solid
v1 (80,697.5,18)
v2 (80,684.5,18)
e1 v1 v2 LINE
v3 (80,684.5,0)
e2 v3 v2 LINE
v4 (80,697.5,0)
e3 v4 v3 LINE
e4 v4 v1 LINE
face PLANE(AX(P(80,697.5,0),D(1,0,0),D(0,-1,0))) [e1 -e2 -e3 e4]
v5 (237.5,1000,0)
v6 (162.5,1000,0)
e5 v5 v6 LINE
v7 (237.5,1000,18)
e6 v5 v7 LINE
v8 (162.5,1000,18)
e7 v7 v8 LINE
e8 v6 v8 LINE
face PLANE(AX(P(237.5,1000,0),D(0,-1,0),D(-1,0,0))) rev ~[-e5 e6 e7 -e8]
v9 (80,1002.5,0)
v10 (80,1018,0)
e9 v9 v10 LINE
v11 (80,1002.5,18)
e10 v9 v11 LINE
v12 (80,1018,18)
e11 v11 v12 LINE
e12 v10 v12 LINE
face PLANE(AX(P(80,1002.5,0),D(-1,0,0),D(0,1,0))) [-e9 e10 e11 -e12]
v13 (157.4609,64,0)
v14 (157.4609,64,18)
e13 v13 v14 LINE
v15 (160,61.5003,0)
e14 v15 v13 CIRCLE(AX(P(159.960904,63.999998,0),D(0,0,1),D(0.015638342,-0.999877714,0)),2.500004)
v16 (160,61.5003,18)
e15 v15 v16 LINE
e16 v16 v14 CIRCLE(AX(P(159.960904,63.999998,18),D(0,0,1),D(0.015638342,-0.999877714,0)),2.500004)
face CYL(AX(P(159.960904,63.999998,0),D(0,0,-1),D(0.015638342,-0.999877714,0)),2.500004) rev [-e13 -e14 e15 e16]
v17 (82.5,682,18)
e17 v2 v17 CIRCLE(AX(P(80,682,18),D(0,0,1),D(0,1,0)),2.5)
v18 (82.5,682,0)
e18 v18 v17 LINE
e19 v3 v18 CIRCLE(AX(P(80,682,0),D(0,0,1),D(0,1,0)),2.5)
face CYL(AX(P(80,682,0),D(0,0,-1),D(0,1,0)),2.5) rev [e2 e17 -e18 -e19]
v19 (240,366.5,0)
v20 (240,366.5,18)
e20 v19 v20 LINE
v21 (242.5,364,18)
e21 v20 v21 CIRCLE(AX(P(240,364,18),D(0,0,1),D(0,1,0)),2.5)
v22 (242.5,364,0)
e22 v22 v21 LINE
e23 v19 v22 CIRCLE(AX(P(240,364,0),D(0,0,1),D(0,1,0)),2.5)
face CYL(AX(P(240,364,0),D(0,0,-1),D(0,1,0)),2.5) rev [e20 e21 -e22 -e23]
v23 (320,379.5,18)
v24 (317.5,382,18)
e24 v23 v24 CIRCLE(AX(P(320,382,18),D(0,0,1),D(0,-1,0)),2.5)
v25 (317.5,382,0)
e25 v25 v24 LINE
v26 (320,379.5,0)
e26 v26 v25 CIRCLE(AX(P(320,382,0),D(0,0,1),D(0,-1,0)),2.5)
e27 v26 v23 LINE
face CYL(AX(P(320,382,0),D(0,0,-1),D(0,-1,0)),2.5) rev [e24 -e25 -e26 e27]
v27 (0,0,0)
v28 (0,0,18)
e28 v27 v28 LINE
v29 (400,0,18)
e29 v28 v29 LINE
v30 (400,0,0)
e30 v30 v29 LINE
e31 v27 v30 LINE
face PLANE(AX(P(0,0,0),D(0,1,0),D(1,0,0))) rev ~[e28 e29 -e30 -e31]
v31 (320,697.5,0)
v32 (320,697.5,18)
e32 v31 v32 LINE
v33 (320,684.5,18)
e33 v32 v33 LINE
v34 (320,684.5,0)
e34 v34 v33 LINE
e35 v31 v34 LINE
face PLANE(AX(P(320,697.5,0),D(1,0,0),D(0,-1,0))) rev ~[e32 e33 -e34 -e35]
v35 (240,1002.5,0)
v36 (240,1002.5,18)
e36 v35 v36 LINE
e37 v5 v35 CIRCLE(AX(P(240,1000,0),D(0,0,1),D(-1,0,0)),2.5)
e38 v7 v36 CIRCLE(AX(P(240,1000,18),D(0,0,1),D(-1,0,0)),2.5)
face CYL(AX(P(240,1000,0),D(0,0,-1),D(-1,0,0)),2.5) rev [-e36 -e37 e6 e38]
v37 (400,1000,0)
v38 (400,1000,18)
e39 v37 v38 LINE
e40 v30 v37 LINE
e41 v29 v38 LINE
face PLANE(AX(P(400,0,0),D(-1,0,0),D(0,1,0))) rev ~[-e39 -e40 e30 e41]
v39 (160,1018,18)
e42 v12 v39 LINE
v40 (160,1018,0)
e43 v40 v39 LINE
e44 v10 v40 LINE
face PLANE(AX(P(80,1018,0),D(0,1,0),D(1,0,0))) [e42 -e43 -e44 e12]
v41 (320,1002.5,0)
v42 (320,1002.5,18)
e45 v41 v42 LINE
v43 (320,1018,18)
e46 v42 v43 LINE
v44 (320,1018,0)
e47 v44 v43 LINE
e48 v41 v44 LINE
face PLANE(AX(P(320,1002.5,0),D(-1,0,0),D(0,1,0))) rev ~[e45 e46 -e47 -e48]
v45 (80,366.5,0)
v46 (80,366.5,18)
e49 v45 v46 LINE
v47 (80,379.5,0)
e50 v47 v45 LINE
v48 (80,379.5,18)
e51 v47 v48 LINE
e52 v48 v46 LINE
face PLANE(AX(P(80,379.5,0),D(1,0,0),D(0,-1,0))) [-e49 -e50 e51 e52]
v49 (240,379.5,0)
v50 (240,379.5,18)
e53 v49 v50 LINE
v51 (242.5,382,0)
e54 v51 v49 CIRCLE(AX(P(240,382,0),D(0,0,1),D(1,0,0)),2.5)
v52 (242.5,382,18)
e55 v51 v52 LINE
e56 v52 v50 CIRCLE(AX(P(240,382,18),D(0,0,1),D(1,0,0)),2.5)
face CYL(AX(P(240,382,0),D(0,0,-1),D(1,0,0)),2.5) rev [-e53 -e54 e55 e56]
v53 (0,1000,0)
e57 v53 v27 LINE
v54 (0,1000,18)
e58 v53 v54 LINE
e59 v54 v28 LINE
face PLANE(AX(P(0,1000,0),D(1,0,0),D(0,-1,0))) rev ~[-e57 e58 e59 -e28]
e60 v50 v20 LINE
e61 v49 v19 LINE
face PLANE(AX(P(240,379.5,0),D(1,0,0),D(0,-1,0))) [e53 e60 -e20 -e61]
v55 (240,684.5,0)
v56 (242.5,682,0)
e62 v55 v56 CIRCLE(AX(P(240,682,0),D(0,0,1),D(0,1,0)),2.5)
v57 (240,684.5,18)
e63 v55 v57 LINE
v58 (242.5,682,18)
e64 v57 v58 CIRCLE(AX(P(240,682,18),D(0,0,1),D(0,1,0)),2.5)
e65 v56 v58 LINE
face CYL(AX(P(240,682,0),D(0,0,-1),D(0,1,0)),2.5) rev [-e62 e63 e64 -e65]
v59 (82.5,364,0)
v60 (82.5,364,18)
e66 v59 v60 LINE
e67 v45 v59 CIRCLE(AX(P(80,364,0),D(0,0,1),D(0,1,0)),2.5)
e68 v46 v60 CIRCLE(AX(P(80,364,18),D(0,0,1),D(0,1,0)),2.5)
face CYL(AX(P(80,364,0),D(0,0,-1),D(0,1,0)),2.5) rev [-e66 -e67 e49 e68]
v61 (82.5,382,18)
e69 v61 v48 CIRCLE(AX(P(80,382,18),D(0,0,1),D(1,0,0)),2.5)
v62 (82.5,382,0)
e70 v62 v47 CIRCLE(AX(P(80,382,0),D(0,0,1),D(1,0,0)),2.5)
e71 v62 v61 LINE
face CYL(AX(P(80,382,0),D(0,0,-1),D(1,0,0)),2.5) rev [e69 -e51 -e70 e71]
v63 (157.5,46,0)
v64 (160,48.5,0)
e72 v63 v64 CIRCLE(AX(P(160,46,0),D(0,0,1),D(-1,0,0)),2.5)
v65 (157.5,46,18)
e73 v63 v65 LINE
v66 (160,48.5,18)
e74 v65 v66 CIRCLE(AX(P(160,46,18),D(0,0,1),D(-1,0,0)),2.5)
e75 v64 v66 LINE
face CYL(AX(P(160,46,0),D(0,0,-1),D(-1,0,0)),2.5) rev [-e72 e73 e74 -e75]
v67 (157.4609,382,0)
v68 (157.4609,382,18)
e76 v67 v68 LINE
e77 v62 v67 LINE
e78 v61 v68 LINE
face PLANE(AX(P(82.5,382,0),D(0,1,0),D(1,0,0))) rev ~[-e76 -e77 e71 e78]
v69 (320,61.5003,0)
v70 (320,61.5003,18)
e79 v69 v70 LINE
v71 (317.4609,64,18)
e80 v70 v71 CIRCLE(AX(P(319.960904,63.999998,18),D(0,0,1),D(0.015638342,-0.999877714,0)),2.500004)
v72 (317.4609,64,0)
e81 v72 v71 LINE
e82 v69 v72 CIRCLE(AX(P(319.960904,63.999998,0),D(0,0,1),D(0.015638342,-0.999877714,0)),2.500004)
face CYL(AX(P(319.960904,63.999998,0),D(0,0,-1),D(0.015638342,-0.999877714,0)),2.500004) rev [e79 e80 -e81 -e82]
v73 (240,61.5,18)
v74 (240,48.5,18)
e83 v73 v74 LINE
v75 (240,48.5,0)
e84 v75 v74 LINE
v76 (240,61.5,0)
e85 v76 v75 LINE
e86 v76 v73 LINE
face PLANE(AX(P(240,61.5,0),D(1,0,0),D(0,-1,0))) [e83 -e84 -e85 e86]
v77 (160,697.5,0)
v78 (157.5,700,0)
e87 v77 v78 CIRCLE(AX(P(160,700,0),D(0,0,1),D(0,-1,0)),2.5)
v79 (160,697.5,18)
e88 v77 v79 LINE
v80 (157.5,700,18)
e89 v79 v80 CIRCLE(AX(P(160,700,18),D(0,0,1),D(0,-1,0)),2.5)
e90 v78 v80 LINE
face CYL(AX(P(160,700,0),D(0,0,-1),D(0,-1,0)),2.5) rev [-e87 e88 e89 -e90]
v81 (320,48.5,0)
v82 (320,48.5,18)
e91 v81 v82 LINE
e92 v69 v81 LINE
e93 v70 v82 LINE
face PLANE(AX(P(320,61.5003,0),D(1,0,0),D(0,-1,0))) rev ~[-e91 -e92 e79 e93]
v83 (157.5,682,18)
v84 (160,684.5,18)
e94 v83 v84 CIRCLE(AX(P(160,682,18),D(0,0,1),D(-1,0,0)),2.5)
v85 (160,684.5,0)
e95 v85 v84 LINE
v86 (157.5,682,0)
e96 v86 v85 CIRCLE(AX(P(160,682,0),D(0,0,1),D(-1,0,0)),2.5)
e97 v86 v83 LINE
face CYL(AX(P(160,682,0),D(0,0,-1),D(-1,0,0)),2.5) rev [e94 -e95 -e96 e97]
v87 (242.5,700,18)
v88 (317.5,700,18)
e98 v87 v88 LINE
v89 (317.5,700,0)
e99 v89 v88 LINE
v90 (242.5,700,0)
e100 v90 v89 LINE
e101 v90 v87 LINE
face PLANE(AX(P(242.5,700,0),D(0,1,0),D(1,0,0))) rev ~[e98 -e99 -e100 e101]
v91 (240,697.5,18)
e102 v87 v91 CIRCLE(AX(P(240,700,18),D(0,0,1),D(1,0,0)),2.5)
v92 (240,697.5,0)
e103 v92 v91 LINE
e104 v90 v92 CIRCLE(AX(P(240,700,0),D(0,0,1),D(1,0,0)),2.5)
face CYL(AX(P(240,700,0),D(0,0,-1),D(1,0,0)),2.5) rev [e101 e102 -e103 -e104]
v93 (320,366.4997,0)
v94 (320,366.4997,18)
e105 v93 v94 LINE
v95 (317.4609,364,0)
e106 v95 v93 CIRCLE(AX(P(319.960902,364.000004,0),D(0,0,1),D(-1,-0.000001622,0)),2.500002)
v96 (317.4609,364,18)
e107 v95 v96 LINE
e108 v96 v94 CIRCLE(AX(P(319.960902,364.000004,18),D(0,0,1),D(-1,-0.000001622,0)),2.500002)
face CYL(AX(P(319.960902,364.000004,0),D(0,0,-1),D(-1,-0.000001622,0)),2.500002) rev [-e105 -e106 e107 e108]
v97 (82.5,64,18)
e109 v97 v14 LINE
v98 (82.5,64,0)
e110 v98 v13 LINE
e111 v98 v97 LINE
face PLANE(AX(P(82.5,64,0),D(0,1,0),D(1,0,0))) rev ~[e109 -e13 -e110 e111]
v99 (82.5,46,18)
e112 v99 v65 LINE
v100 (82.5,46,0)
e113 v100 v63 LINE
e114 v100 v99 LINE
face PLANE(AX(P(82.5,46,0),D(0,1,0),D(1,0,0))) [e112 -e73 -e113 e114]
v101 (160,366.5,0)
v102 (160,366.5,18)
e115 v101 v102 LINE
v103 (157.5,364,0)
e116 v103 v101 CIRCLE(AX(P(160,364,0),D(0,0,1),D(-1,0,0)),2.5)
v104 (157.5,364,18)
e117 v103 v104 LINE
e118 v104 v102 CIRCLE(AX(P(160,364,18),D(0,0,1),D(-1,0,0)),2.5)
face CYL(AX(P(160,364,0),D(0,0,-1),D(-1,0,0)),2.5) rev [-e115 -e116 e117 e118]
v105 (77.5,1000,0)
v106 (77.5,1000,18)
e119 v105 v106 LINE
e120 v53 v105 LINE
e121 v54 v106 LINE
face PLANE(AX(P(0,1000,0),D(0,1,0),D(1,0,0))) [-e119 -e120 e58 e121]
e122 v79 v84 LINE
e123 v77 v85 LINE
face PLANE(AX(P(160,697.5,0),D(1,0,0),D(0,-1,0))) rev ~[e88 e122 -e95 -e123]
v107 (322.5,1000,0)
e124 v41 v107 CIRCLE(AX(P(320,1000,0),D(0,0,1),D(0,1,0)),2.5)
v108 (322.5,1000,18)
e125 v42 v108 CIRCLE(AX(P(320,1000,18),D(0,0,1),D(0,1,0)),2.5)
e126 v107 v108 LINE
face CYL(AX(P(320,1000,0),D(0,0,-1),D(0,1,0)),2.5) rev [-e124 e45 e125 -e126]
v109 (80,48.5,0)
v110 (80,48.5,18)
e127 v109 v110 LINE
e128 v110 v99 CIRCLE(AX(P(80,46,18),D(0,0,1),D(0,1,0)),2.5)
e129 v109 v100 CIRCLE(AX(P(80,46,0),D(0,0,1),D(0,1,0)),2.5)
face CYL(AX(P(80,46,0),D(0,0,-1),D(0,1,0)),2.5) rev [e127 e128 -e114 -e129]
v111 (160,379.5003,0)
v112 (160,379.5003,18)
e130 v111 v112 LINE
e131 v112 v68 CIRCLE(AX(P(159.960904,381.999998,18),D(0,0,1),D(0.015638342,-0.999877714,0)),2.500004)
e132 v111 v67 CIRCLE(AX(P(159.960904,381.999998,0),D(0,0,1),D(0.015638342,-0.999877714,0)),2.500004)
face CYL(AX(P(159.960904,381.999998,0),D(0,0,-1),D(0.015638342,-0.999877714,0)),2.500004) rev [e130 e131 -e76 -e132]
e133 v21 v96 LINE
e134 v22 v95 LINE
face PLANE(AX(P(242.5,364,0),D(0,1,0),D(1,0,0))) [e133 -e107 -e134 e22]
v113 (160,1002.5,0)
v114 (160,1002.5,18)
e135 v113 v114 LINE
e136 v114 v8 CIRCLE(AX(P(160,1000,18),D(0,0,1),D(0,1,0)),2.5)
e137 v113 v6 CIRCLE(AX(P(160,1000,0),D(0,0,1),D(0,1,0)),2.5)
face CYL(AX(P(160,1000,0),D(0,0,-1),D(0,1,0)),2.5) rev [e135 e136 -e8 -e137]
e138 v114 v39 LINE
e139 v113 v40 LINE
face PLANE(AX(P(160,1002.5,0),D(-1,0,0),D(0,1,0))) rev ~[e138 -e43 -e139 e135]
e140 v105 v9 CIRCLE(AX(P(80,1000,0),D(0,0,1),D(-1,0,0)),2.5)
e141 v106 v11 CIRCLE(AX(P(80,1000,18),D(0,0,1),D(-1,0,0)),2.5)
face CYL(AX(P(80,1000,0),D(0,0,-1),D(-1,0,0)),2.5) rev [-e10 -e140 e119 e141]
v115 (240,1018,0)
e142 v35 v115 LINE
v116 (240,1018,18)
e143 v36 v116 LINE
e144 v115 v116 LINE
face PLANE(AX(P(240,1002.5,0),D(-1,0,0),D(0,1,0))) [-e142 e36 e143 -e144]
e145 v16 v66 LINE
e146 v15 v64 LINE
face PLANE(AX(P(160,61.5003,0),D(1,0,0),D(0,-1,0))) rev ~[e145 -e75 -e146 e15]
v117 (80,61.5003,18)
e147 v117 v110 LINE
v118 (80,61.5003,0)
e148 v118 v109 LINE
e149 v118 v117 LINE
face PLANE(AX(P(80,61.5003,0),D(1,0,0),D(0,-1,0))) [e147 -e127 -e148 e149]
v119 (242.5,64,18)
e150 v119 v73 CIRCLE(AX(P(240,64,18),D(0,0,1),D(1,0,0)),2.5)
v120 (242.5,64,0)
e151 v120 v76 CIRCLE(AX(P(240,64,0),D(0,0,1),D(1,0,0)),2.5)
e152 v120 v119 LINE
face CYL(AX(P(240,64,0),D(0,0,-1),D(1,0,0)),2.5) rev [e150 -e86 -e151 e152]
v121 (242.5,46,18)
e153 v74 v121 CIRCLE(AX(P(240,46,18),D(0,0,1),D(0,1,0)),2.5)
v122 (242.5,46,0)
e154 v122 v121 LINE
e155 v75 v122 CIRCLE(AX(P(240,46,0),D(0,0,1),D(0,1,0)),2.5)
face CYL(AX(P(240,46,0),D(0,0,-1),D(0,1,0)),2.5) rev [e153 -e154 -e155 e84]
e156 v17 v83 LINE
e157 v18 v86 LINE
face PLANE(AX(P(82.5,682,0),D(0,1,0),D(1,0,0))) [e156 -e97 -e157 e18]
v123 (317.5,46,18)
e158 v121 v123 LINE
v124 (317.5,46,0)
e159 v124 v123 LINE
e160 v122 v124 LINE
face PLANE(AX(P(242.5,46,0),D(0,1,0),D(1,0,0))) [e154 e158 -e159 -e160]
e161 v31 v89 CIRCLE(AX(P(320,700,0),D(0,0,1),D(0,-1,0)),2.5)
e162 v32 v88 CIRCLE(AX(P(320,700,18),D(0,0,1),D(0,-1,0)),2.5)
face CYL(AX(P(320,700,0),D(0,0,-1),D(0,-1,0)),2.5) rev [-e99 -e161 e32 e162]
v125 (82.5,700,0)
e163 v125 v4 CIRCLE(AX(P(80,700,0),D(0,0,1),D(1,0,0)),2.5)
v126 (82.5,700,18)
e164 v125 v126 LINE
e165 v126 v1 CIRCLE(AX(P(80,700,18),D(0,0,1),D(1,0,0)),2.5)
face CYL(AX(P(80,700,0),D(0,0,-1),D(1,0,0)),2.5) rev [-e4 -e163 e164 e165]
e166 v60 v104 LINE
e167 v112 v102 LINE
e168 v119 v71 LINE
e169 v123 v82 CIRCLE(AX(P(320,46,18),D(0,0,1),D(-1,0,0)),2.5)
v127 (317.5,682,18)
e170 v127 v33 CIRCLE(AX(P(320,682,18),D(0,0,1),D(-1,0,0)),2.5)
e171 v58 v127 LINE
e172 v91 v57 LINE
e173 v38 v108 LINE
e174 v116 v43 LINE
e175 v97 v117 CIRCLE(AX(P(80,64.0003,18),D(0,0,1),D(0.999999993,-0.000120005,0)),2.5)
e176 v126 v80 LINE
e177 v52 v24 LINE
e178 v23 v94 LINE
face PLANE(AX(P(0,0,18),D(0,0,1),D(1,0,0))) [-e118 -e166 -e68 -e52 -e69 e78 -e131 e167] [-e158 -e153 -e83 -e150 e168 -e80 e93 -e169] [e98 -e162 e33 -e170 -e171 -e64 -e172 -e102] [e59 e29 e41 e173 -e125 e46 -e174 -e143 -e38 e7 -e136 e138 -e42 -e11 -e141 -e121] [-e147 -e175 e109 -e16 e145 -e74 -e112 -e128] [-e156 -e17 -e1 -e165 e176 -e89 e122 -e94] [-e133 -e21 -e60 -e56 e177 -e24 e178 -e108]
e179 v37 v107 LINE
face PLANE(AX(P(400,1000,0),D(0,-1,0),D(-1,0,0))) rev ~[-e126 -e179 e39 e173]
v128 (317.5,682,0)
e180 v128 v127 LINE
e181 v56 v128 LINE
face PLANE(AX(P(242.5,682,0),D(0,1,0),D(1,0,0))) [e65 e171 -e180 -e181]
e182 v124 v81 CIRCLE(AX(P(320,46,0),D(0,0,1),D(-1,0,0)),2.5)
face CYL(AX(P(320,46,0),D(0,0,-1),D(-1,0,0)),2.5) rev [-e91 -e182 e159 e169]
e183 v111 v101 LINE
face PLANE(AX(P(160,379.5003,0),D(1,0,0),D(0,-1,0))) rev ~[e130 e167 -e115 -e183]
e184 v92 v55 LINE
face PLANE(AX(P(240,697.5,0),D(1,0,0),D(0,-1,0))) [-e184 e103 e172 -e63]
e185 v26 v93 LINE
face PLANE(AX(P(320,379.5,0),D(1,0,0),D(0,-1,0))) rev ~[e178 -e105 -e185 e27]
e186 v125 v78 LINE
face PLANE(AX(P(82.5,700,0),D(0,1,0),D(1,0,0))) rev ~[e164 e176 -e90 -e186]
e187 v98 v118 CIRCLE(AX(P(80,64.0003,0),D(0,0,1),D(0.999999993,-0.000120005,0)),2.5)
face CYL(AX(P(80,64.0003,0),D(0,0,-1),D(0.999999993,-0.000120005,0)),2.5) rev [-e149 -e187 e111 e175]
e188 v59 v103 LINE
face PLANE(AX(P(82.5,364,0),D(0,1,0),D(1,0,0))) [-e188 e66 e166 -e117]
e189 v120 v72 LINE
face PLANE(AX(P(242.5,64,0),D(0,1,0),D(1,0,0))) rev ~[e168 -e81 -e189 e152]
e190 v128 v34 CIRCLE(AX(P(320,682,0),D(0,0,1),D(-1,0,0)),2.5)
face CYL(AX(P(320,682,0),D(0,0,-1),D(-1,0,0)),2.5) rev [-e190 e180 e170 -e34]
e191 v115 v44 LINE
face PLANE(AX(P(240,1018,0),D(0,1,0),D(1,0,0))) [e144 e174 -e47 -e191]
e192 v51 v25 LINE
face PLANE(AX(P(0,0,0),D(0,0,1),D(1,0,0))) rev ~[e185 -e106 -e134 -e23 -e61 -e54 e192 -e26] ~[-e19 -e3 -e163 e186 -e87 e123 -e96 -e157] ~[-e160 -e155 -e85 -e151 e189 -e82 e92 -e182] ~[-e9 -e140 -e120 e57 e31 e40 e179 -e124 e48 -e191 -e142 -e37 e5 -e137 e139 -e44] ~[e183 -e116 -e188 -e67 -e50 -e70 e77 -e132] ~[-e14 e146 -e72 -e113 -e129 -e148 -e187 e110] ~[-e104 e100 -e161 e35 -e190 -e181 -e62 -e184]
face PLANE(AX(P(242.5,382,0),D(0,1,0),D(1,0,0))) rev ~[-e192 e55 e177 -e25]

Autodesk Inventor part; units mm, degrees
ref_plane "YZ Plane" through (0, 0, 0) normal (1, 0, 0) x (0, 1, 0)
ref_plane "XZ Plane" through (0, 0, 0) normal (0, 1, 0) x (-1, 0, 0)
ref_plane "XY Plane" through (0, 0, 0) normal (0, 0, 1) x (1, 0, 0)
sketch "Sketch1" plane through (0, 0, 0) normal (0, 0, 1) x (1, 0, 0)
  line L0 (0, 0) -> (400, 0)
  line L1 (400, 0) -> (400, 1000)
  line L2 (0, 1000) -> (0, 0)
  line L3 (80, 1002.5) -> (80, 1018)
  line L4 (160, 1002.5) -> (160, 1018)
  line L5 (240, 1002.5) -> (240, 1018)
  line L6 (320, 1002.5) -> (320, 1018)
  line L7 (80, 1018) -> (160, 1018)
  line L8 (240, 1018) -> (320, 1018)
  line L9 (400, 1000) -> (322.5, 1000)
  line L10 (237.5, 1000) -> (162.5, 1000)
  arc A0 (77.5, 1000) -> (80, 1002.5) centre (80, 1000) ccw
  arc A1 (160, 1002.5) -> (162.5, 1000) centre (160, 1000) ccw
  arc A2 (237.5, 1000) -> (240, 1002.5) centre (240, 1000) ccw
  arc A3 (320, 1002.5) -> (322.5, 1000) centre (320, 1000) ccw
  line L11 (0, 1000) -> (77.5, 1000)
  line L12 (80, 697.5) -> (80, 684.5)
  line L13 (160, 697.5) -> (160, 684.5)
  line L14 (240, 697.5) -> (240, 684.5)
  line L15 (320, 697.5) -> (320, 684.5)
  line L16 (82.5, 682) -> (157.5, 682)
  line L17 (242.5, 682) -> (317.5, 682)
  line L18 (82.5, 700) -> (157.5, 700)
  line L19 (242.5, 700) -> (317.5, 700)
  line L20 (80, 379.5) -> (80, 366.5)
  line L21 (80, 61.5003) -> (80, 48.5)
  line L22 (160, 379.5003) -> (160, 366.5)
  line L23 (160, 61.5003) -> (160, 48.5)
  line L24 (240, 379.5) -> (240, 366.5)
  line L25 (240, 61.5) -> (240, 48.5)
  line L26 (320, 379.5) -> (320, 366.4997)
  line L27 (320, 61.5003) -> (320, 48.5)
  line L28 (82.5, 382) -> (157.4609, 382)
  line L29 (82.5, 364) -> (157.5, 364)
  line L30 (242.5, 364) -> (317.4609, 364)
  line L31 (82.5, 64) -> (157.4609, 64)
  line L32 (242.5, 64) -> (317.4609, 64)
  line L33 (82.5, 46) -> (157.5, 46)
  line L34 (242.5, 46) -> (317.5, 46)
  arc A4 (82.5, 700) -> (80, 697.5) centre (80, 700) ccw
  arc A5 (160, 697.5) -> (157.5, 700) centre (160, 700) ccw
  arc A6 (157.5, 682) -> (160, 684.5) centre (160, 682) ccw
  arc A7 (80, 684.5) -> (82.5, 682) centre (80, 682) ccw
  arc A8 (242.5, 700) -> (240, 697.5) centre (240, 700) ccw
  arc A9 (240, 684.5) -> (242.5, 682) centre (240, 682) ccw
  arc A10 (320, 697.5) -> (317.5, 700) centre (320, 700) ccw
  arc A11 (317.5, 682) -> (320, 684.5) centre (320, 682) ccw
  arc A12 (320, 379.5) -> (317.5, 382) centre (320, 382) ccw
  arc A13 (317.4609, 364) -> (320, 366.4997) centre (319.9609, 364) ccw
  arc A14 (242.5, 382) -> (240, 379.5) centre (240, 382) ccw
  arc A15 (240, 366.5) -> (242.5, 364) centre (240, 364) ccw
  arc A16 (157.5, 364) -> (160, 366.5) centre (160, 364) ccw
  arc A17 (160, 379.5003) -> (157.4609, 382) centre (159.9609, 382) ccw
  arc A18 (82.5, 382) -> (80, 379.5) centre (80, 382) ccw
  arc A19 (80, 366.5) -> (82.5, 364) centre (80, 364) ccw
  arc A20 (82.5, 64) -> (80, 61.5003) centre (80, 64.0003) ccw
  arc A21 (160, 61.5003) -> (157.4609, 64) centre (159.9609, 64) ccw
  arc A22 (157.5, 46) -> (160, 48.5) centre (160, 46) ccw
  arc A23 (80, 48.5) -> (82.5, 46) centre (80, 46) ccw
  arc A24 (242.5, 64) -> (240, 61.5) centre (240, 64) ccw
  arc A25 (320, 61.5003) -> (317.4609, 64) centre (319.9609, 64) ccw
  arc A26 (317.5, 46) -> (320, 48.5) centre (320, 46) ccw
  arc A27 (240, 48.5) -> (242.5, 46) centre (240, 46) ccw
  line L35 (242.5, 382) -> (317.5, 382)
  dimension "d1" = 1000
  dimension "d4" = 80
  dimension "d5" = 80
  dimension "d6" = 80
  dimension "d7" = 400
  dimension "d9" = 5
  dimension "d10" = 5
  dimension "d11" = 5
  dimension "d12" = 5
  dimension "d19" = 80
  dimension "d20" = 80
  dimension "d21" = 80
  dimension "d22" = 80
  dimension "d23" = 18
  dimension "d24" = 18
  dimension "d31" = 80
  dimension "d33" = 80
  dimension "d34" = 80
  dimension "d38" = 18
  dimension "d41" = 18
  dimension "d42" = 18
  dimension "d43" = 80
  dimension "d44" = 80
  dimension "d45" = 80
  dimension "d46" = 80
  dimension "d47" = 5
  dimension "d48" = 5
  dimension "d49" = 5
  dimension "d50" = 5
  dimension "d51" = 5
  dimension "d52" = 5
  dimension "d53" = 5
  dimension "d54" = 5
  dimension "d55" = 5
  dimension "d56" = 5
  dimension "d57" = 5
  dimension "d58" = 5
  dimension "d59" = 5
  dimension "d60" = 5
  dimension "d61" = 5
  dimension "d62" = 5
  dimension "d63" = 5
  dimension "d64" = 5
  dimension "d65" = 5
  dimension "d66" = 5
  dimension "d67" = 5
  dimension "d68" = 5
  dimension "d69" = 5
  dimension "d70" = 5
  dimension "d71" = 80
  dimension "d72" = 18
extrude "Extrusion1" add sketch "Sketch1" along normal blind 18
properties part number "tapa laterales"
